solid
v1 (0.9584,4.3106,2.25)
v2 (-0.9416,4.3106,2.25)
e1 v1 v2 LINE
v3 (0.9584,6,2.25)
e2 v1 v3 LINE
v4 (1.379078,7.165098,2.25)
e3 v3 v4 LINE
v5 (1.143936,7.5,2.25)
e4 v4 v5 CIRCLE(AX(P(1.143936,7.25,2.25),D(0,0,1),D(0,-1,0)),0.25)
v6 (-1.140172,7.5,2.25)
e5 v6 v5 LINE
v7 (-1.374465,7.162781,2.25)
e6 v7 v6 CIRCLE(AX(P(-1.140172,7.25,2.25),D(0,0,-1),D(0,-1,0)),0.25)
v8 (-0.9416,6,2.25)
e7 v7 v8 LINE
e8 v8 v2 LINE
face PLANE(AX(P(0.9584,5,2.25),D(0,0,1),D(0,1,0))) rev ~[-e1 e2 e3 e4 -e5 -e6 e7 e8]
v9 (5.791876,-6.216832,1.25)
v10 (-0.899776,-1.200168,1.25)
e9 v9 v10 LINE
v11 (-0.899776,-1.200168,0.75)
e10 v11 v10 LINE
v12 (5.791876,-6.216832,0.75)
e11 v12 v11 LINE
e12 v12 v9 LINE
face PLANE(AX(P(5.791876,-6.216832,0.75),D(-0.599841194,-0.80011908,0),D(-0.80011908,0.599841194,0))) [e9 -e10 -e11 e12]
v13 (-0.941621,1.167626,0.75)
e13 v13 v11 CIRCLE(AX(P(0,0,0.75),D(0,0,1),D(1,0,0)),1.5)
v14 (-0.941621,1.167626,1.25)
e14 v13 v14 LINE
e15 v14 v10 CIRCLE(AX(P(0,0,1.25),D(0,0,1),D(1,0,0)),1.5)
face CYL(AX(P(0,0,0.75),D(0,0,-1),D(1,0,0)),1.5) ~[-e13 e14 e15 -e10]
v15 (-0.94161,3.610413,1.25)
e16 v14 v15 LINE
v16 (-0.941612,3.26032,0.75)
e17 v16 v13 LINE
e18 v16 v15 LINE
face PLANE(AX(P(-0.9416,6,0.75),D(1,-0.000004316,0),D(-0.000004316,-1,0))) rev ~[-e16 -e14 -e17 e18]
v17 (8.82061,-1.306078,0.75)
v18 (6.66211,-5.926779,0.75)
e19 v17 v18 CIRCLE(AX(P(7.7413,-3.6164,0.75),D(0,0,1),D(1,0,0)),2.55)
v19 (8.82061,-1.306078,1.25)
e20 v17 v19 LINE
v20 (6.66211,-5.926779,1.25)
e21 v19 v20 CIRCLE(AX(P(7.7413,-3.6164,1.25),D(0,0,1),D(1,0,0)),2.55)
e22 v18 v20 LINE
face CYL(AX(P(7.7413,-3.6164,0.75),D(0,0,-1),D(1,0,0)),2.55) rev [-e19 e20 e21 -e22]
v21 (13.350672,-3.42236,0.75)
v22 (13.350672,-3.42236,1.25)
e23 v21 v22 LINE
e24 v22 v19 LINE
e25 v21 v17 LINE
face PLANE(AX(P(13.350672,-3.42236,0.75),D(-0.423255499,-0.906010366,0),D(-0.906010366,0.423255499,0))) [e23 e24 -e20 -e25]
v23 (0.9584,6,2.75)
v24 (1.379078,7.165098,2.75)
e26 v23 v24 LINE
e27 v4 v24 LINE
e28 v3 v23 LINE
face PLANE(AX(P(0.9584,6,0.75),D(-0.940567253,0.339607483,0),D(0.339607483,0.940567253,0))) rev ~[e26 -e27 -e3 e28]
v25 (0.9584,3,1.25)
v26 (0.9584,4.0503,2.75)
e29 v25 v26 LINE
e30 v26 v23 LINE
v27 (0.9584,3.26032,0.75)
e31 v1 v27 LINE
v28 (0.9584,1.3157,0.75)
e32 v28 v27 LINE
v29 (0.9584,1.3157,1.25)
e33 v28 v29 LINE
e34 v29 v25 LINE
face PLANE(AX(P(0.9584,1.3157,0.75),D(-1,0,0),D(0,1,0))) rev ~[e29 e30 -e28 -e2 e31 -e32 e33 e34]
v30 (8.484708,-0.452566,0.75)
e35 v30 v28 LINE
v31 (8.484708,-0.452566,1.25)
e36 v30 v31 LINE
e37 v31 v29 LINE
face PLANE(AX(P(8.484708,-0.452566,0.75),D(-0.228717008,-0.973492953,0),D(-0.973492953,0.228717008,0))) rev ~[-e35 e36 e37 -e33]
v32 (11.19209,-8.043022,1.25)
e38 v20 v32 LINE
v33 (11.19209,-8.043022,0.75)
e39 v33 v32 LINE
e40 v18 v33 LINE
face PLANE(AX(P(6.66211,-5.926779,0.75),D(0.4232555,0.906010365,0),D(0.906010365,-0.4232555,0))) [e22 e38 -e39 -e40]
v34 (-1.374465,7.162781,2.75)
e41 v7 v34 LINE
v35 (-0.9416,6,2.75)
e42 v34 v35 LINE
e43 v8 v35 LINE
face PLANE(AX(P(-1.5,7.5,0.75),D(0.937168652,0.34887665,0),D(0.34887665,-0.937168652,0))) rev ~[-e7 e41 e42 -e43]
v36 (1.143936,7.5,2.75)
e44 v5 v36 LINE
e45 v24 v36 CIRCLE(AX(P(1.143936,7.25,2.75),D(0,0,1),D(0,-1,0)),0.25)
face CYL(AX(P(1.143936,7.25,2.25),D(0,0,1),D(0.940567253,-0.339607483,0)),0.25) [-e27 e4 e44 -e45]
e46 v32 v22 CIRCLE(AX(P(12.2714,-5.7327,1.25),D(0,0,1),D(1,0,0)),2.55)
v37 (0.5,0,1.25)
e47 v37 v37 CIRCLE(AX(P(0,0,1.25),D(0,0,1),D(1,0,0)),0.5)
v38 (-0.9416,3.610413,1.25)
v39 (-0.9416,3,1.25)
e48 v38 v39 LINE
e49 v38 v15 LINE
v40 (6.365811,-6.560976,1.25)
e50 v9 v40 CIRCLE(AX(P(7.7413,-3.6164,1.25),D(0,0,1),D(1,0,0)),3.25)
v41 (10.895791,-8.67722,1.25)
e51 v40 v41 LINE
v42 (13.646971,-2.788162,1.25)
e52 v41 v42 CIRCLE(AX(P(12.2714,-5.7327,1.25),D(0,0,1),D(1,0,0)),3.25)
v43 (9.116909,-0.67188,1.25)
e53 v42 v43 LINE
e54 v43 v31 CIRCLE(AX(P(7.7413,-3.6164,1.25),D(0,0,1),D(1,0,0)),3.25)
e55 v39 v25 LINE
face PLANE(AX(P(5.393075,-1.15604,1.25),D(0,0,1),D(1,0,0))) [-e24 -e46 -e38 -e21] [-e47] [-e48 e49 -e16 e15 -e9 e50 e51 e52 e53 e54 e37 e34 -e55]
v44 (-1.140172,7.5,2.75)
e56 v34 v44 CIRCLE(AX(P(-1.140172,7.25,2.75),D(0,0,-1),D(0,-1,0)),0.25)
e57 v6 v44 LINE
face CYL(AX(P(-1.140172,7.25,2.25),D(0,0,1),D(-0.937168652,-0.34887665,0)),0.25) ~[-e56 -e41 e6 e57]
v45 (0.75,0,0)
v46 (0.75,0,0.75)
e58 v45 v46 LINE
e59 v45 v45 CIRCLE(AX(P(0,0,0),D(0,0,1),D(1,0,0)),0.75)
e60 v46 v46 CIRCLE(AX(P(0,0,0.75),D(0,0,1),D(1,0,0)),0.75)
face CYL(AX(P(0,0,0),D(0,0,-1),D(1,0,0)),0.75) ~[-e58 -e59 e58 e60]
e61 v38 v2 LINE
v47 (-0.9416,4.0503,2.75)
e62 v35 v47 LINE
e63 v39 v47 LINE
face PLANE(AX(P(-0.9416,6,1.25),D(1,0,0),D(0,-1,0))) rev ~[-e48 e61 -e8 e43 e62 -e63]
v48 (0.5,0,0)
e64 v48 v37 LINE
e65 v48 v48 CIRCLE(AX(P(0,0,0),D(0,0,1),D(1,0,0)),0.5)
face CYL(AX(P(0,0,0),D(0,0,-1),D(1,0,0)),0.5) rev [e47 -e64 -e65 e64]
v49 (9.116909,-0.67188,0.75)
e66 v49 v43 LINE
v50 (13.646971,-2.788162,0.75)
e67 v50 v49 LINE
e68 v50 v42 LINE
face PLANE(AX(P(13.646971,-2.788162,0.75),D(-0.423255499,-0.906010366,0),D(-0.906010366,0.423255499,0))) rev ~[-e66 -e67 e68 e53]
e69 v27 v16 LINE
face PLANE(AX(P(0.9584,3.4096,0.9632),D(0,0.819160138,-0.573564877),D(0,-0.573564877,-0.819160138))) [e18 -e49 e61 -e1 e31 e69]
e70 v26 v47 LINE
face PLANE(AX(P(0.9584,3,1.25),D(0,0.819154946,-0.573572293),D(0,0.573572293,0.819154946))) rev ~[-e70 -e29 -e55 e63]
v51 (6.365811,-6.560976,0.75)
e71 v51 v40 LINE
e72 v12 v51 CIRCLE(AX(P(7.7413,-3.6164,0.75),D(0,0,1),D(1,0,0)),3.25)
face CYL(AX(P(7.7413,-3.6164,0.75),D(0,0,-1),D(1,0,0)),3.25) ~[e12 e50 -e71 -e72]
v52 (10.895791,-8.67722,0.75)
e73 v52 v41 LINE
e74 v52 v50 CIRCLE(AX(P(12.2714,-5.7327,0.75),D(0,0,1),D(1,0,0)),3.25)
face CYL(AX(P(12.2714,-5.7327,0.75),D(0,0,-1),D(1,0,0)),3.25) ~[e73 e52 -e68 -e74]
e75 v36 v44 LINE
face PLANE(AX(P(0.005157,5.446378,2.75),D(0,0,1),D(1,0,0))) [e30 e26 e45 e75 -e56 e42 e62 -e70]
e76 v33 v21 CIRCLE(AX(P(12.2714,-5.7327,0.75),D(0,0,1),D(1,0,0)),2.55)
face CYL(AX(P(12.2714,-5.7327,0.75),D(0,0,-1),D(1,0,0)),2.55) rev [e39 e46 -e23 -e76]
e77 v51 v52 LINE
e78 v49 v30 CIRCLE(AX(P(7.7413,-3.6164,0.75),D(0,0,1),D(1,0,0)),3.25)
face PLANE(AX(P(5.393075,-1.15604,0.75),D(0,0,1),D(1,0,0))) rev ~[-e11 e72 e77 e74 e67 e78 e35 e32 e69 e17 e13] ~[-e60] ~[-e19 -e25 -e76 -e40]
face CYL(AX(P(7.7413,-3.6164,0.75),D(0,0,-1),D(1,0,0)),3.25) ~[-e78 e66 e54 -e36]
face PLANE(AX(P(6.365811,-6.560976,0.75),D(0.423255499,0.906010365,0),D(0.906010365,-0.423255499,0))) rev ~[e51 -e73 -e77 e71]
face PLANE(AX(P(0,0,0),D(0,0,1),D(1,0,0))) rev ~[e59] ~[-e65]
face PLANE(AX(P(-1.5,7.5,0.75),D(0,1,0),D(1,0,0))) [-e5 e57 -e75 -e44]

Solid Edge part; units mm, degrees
sketch "Sketch1" plane through (0, 0, 0) normal (0, 0, 1) x (1, 0, 0)
  circle A0 centre (0, 0) radius 0.5
  circle A1 centre (0, 0) radius 0.75
extrude "Protrusion1" add sketch "Sketch1" along normal up to vertex (0.75 mm away)
sketch "Sketch2" plane through (0, 0, 0.75) normal (0, 0, 1) x (1, 0, 0)
  arc A0 (8.8206, -1.3061) -> (6.6621, -5.9268) centre (7.7413, -3.6164) ccw
  line L0 (6.6621, -5.9268) -> (11.1921, -8.043)
  arc A1 (11.1921, -8.043) -> (13.3507, -3.4223) centre (12.2714, -5.7327) ccw
  line L1 (13.3507, -3.4223) -> (8.8206, -1.3061)
  circle A2 centre (0, 0) radius 0.5
  line L2 (13.647, -2.7881) -> (9.1169, -0.6719)
  arc A3 (9.1169, -0.6719) -> (8.4847, -0.4526) centre (7.7413, -3.6164) ccw
  line L3 (8.4847, -0.4526) -> (0.9584, 1.3157)
  line L4 (0.9584, 1.3157) -> (0.9584, 6)
  line L5 (0.9584, 6) -> (1.5, 7.5)
  line L6 (-1.5, 7.5) -> (1.5, 7.5)
  line L7 (-1.5, 7.5) -> (-0.9416, 6)
  line L8 (-0.9416, 6) -> (-0.9416, 1.1676)
  line L9 (5.7919, -6.2168) -> (-0.8998, -1.2002)
  line L10 (6.3658, -6.561) -> (10.8958, -8.6772)
  arc A4 (10.8958, -8.6772) -> (13.647, -2.7881) centre (12.2714, -5.7327) ccw
  arc A5 (5.7919, -6.2168) -> (6.3658, -6.561) centre (7.7413, -3.6164) ccw
  arc A6 (-0.9416, 1.1676) -> (-0.8998, -1.2002) centre (0, 0) ccw
  dimension "D1" = 6.3658
  dimension "D2" = 1.5
extrude "Protrusion2" add sketch "Sketch2" along normal blind 0.5
sketch "Sketch3" plane through (0, 0, 1.25) normal (0, 0, 1) x (1, 0, 0)
  line L0 (1.5, 7.5) -> (-1.5, 7.5)
  line L1 (-1.5, 7.5) -> (-0.9416, 6)
  line L2 (-0.9416, 6) -> (-0.9416, 3)
  line L3 (-0.9416, 3) -> (0.9584, 3)
  line L4 (0.9584, 3) -> (0.9584, 6)
  line L5 (0.9584, 6) -> (1.5, 7.5)
  dimension "D1" = 3
extrude "ExtrudedProtrusion_3" add sketch "Sketch3" along normal blind 1.5
sketch "Sketch4" plane through (0.9584, 5.4372, 2.375) normal (1, 0, 0) x (0, 1, 0)
  line L0 (-2.4372, -1.125) -> (-1.3869, 0.375)
  line L1 (-2.4372, 1.625) -> (-2.4372, -1.125)
extrude "Cutout1" cut sketch "Sketch4" against normal through all material side at (0.9584, 3.4842, 2.0287)
sketch "Sketch5" plane through (0.9584, 5.4372, 2.375) normal (1, 0, 0) x (0, 1, 0)
  line L0 (-2.0276, -1.4118) -> (-1.1266, -0.125)
  line L1 (-1.1266, -0.125) -> (-0.4372, -0.125)
extrude "Cutout2" cut sketch "Sketch5" along normal through all and the other way through all material side at (0.9584, 3.9011, 1.5779)
fillet "Round_1" radius 0.25 2 edges at (1.5, 7.5, 2.5) (-1.5, 7.5, 2.5)
properties material "Polypropylene, high impact"
